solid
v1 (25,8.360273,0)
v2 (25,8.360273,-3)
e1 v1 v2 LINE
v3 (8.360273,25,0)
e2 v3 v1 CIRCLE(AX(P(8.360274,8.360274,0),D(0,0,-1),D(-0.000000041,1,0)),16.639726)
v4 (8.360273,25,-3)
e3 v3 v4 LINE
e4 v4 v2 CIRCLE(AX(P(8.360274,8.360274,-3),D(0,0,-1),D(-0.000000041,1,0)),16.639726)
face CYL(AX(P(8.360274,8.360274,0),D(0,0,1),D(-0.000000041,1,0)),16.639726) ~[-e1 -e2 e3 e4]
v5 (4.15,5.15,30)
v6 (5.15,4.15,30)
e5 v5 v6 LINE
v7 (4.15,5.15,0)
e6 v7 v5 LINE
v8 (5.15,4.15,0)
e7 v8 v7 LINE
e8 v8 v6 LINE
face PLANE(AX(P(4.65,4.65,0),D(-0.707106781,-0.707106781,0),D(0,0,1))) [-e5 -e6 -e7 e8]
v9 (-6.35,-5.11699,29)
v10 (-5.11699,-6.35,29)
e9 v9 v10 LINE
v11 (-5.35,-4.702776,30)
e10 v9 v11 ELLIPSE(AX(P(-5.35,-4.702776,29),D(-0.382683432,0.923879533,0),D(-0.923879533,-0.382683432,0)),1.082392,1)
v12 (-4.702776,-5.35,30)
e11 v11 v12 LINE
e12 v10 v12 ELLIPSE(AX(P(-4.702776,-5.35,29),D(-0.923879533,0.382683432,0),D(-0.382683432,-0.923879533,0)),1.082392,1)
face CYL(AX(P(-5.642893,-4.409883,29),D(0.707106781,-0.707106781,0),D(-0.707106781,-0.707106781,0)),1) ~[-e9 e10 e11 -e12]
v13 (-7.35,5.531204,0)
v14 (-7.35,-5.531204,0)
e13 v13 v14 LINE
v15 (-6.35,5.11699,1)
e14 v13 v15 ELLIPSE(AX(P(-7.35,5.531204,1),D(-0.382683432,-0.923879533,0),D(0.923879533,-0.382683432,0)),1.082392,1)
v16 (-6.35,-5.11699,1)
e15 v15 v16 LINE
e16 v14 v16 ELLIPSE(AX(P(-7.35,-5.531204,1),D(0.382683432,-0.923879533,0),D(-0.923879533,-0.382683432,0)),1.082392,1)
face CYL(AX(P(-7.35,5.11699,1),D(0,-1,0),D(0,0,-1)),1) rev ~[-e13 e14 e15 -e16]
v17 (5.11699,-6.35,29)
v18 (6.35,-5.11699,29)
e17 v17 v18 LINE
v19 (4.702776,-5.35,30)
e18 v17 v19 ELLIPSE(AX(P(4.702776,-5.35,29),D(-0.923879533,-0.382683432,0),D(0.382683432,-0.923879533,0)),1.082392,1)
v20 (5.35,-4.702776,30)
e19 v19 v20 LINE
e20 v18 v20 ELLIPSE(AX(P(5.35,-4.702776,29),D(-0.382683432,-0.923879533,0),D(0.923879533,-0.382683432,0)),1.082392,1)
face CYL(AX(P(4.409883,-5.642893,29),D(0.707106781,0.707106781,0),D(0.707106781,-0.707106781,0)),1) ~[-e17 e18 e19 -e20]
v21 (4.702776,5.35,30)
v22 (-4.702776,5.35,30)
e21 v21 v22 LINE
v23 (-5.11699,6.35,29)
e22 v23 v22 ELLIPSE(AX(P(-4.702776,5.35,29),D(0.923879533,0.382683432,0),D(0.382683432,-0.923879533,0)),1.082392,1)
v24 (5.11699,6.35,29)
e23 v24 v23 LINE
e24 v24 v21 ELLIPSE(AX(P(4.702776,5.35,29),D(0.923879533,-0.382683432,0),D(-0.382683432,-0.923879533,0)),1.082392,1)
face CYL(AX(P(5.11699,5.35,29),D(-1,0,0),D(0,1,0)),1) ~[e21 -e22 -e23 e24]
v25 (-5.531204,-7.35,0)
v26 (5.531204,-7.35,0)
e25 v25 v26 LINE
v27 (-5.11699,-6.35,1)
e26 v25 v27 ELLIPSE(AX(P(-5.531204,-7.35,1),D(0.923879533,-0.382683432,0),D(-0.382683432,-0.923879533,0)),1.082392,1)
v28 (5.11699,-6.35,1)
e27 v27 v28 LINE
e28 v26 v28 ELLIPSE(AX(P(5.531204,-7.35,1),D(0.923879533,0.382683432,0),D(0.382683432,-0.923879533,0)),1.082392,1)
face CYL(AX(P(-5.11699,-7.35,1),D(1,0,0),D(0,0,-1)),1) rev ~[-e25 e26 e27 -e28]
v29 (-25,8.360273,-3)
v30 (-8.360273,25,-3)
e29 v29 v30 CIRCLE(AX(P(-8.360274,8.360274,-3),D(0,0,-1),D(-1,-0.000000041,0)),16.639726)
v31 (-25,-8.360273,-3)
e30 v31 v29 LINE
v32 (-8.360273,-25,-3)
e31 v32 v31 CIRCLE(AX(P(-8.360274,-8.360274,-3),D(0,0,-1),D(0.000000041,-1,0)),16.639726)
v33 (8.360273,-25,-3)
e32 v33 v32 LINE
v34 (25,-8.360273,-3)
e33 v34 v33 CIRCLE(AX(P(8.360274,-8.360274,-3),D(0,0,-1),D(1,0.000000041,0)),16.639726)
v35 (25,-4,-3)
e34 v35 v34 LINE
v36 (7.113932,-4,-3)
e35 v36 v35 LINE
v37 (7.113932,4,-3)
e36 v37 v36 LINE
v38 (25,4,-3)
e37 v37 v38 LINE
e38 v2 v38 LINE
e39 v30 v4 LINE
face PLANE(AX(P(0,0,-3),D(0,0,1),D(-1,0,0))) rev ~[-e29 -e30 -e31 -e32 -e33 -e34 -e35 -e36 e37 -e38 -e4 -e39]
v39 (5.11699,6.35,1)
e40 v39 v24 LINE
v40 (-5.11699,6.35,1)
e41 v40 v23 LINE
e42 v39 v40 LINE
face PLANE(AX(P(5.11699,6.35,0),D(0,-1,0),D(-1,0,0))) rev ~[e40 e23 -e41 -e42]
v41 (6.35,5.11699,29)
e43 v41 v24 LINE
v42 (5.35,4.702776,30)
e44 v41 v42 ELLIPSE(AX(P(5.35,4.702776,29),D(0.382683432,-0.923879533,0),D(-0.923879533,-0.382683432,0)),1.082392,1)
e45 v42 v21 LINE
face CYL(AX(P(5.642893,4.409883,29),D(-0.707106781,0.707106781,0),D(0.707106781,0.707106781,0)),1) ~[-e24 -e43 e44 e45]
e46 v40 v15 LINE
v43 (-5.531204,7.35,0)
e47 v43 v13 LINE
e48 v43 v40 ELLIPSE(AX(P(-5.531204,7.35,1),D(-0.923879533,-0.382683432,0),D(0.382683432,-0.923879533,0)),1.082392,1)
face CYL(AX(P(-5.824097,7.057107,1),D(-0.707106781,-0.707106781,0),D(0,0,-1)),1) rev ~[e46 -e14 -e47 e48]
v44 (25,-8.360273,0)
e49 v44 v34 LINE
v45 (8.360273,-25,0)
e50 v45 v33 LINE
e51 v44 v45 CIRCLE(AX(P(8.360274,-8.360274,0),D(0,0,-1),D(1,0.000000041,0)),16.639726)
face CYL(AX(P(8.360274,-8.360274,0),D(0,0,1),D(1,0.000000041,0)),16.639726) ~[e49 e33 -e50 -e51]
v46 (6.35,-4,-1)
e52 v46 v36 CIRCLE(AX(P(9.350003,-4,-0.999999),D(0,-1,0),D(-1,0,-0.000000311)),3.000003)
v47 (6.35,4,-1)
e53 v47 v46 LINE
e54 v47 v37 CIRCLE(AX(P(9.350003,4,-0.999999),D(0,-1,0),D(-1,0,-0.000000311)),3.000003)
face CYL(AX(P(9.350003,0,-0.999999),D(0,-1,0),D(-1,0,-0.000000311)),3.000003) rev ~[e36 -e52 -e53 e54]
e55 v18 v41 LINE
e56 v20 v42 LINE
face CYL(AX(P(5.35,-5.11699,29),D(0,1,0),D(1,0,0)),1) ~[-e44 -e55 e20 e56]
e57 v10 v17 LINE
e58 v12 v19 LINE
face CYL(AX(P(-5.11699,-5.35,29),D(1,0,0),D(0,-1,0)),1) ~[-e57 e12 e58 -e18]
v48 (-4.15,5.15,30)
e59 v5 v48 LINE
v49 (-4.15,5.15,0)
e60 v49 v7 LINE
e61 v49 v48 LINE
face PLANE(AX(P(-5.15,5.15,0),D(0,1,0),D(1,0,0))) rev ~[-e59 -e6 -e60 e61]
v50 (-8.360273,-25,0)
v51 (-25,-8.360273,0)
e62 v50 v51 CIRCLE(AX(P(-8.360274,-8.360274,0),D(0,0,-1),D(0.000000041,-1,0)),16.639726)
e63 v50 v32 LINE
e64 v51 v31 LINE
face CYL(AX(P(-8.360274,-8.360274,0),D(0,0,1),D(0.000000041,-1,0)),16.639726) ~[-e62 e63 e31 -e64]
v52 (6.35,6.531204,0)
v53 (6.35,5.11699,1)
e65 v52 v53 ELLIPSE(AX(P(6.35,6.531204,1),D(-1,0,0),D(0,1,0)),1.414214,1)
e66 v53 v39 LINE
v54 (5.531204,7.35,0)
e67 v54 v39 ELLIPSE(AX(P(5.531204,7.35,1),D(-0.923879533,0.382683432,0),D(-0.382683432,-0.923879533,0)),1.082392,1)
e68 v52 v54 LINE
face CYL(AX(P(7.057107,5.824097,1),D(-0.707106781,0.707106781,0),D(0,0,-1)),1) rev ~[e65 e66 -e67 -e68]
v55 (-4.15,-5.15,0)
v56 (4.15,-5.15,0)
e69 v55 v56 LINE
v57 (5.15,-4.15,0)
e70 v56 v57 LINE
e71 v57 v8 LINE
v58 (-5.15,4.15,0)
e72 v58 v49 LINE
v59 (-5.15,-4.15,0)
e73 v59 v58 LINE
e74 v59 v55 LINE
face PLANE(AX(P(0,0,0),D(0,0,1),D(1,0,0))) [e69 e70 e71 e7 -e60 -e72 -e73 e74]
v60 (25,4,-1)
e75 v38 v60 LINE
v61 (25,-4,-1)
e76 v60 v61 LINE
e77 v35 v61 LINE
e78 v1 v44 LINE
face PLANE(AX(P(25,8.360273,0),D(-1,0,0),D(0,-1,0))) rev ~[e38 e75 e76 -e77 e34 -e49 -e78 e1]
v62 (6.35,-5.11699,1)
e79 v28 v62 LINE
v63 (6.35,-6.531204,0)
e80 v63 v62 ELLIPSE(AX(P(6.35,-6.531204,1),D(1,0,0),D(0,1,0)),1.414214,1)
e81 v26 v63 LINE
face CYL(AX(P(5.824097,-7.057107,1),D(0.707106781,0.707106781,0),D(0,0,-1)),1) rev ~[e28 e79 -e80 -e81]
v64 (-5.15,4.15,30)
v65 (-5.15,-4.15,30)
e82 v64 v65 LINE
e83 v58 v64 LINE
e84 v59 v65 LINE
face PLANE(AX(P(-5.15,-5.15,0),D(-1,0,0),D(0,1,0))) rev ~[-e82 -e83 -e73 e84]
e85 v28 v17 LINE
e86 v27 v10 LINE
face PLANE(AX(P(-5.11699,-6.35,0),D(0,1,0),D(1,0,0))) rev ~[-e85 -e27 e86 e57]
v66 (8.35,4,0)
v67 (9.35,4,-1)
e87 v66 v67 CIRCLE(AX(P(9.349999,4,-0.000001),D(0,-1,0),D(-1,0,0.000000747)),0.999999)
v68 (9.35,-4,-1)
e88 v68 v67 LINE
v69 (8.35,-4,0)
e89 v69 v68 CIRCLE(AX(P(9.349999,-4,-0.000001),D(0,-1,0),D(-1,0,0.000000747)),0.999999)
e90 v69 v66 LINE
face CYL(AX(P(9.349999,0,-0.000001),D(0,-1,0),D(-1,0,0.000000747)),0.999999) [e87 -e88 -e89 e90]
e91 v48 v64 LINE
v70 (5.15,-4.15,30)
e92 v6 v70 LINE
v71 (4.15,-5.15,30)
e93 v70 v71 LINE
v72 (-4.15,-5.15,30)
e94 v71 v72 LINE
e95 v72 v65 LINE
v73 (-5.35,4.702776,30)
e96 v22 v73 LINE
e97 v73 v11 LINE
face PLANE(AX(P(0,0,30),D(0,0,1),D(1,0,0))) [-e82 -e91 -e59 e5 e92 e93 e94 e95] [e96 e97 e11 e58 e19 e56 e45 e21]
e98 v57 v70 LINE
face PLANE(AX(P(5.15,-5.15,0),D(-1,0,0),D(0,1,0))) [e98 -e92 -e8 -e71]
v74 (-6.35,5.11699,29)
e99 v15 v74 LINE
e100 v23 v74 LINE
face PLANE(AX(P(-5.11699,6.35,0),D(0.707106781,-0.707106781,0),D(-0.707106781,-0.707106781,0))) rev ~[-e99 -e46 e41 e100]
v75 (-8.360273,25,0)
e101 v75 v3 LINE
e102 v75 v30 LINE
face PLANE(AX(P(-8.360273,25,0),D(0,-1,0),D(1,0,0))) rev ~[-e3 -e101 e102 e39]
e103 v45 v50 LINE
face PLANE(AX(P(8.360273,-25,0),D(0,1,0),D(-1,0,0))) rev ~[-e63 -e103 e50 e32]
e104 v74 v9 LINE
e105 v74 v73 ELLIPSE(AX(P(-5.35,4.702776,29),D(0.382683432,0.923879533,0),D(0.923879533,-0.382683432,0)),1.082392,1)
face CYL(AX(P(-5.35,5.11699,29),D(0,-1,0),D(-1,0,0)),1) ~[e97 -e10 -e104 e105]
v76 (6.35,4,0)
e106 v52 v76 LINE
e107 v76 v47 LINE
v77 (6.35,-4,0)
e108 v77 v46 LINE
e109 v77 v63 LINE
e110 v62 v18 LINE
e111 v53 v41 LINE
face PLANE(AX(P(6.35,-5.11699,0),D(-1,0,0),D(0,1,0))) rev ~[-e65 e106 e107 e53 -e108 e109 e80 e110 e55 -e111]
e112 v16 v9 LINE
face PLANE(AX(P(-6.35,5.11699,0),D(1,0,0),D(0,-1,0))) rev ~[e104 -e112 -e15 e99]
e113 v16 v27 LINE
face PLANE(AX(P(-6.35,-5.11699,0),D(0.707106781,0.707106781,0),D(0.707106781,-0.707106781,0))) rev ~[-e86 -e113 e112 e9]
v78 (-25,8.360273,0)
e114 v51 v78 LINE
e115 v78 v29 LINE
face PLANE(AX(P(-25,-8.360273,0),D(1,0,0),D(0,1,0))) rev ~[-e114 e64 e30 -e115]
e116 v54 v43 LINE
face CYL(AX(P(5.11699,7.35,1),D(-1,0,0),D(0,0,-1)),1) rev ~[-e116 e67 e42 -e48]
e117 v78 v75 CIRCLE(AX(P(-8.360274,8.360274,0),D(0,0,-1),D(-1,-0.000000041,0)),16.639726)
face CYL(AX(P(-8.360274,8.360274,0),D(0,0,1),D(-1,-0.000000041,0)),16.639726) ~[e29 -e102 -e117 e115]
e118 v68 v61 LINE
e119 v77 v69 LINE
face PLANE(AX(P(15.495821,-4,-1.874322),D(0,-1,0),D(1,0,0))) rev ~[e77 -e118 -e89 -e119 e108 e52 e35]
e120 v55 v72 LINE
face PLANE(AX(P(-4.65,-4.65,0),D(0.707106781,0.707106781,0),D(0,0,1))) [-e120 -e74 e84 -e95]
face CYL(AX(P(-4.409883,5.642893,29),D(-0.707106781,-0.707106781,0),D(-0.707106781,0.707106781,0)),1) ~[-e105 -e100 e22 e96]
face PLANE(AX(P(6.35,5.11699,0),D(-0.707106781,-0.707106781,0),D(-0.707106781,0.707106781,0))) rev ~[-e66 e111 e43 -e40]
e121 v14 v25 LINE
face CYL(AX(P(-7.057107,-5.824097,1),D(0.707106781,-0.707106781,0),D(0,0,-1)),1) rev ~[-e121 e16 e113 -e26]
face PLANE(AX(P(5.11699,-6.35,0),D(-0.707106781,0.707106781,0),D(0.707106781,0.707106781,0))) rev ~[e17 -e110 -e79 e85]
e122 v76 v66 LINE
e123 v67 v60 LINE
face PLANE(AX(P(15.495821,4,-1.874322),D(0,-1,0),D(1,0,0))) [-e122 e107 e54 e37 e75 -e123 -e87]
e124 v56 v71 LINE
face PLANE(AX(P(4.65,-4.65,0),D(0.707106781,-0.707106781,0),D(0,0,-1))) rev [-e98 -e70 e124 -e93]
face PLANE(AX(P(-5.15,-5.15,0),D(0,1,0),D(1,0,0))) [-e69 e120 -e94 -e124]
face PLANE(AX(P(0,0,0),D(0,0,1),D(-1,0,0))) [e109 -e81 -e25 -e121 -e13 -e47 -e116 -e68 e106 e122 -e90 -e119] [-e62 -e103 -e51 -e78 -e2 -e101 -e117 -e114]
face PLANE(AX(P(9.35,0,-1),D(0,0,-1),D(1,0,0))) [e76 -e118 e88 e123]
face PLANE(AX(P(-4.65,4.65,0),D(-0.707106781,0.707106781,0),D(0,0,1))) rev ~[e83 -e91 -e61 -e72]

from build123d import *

# Parameters (mm, degrees)
EXTRUDE004_DEPTH                  = 4
EXTRUDE004_ONTO_SKETCH_ROLL_ANGLE = 90
SKETCH003_W                       = 10.3
SKETCH003_H                       = 10.3
EXTRUDE_DEPTH                     = 100
CHAMFER_SIZE                      = 1
EXTRUDE002_DEPTH                  = 3
EXTRUDE003_DEPTH                  = 30
FILLET_R                          = 1


with BuildPart() as extrude004:
    # Sketch as drawn → Extrude004 (new, symmetric)
    with BuildSketch(Plane.XY):
        with BuildLine():
            Line((6.35, 0), (6.35, -1))
            ThreePointArc((6.35, -1), (6.547483, -2.070466), (7.113932, -3))
            Line((7.113932, -3), (25, -3))
            Line((25, -3), (25, -1))
            Line((9.35, -1), (25, -1))
            ThreePointArc((8.35, 0), (8.642893, -0.707107), (9.35, -1))
            Line((6.35, 0), (8.35, 0))
        make_face()
    extrude(amount=EXTRUDE004_DEPTH, both=True)


with BuildPart() as extrude004_1:
    # Extrude004 onto Sketch roll: moved
    add(extrude004.part.rotate(Axis((0, 0, 0), (1, 0, 0)), EXTRUDE004_ONTO_SKETCH_ROLL_ANGLE))


with BuildPart() as extrude004_2:
    # Extrude004 onto Sketch placement: moved
    add(extrude004_1.part)


with BuildPart() as chamfer_body:
    # Sketch003 → Extrude (new body)
    with BuildSketch(Plane.XY):
        Rectangle(SKETCH003_W, SKETCH003_H)
    extrude(amount=EXTRUDE_DEPTH)

    # Chamfer
    chamfer_edges = [chamfer_body.edges().sort_by_distance(p)[0] for p in [
        (-5.15, -5.15, 50),
        (5.15, -5.15, 50),
        (5.15, 5.15, 50),
        (-5.15, 5.15, 50),
    ]]
    chamfer(chamfer_edges, length=CHAMFER_SIZE)


with BuildPart() as extrude002:
    # Sketch001 → Extrude002 (new body)
    with BuildSketch(Plane(origin=(0, 0, 0), x_dir=(1, 0, 0), z_dir=(0, 0, -1))):
        with BuildLine():
            Line((0, 25), (8.360273, 25))
            ThreePointArc((25, 8.360273), (20.126337, 20.126337), (8.360273, 25))
            Line((25, 8.360273), (25, 0))
            Line((25, -8.360273), (25, 0))
            ThreePointArc((8.360273, -25), (20.126337, -20.126337), (25, -8.360273))
            Line((0, -25), (8.360273, -25))
            Line((0, -25), (-8.360273, -25))
            ThreePointArc((-25, -8.360273), (-20.126337, -20.126337), (-8.360273, -25))
            Line((-25, -8.360273), (-25, 0))
            Line((-25, 8.360273), (-25, 0))
            ThreePointArc((-8.360273, 25), (-20.126337, 20.126337), (-25, 8.360273))
            Line((0, 25), (-8.360273, 25))
        make_face()
    extrude(amount=EXTRUDE002_DEPTH)


with BuildPart() as fillet_body:
    # Sketch002 (on Face13 of Extrude002) → Extrude003 (new body)
    with BuildSketch(Plane.XY):
        Polygon((-6.35, 0), (-6.35, -5.11699), (-5.11699, -6.35), (0, -6.35), (5.11699, -6.35), (6.35, -5.11699), (6.35, 0), (6.35, 5.11699), (5.11699, 6.35), (0, 6.35), (-5.11699, 6.35), (-6.35, 5.11699), align=None)
    extrude(amount=EXTRUDE003_DEPTH)

    # Fusion: union Extrude002
    add(extrude002.part)

    # Cut: cut Chamfer body
    add(chamfer_body.part, mode=Mode.SUBTRACT)

    # Cut002: cut Extrude004
    add(extrude004_2.part, mode=Mode.SUBTRACT)

    # Fillet
    fillet_edges = [fillet_body.edges().sort_by_distance(p)[0] for p in [
        (-6.35, 2.558495, 30),
        (-5.733495, -5.733495, 30),
        (-5.733495, 5.733495, 30),
        (2.558495, -6.35, 30),
        (2.558495, 6.35, 30),
        (5.733495, -5.733495, 30),
        (5.733495, 5.733495, 30),
        (6.35, 2.558495, 30),
        (-6.35, -2.558495, 0),
        (-5.733495, -5.733495, 0),
        (-5.733495, 5.733495, 0),
        (-2.558495, -6.35, 0),
        (-2.558495, 6.35, 0),
        (5.733495, -5.733495, 0),
        (5.733495, 5.733495, 0),
    ]]
    fillet(fillet_edges, radius=FILLET_R)


solid = fillet_body.part
